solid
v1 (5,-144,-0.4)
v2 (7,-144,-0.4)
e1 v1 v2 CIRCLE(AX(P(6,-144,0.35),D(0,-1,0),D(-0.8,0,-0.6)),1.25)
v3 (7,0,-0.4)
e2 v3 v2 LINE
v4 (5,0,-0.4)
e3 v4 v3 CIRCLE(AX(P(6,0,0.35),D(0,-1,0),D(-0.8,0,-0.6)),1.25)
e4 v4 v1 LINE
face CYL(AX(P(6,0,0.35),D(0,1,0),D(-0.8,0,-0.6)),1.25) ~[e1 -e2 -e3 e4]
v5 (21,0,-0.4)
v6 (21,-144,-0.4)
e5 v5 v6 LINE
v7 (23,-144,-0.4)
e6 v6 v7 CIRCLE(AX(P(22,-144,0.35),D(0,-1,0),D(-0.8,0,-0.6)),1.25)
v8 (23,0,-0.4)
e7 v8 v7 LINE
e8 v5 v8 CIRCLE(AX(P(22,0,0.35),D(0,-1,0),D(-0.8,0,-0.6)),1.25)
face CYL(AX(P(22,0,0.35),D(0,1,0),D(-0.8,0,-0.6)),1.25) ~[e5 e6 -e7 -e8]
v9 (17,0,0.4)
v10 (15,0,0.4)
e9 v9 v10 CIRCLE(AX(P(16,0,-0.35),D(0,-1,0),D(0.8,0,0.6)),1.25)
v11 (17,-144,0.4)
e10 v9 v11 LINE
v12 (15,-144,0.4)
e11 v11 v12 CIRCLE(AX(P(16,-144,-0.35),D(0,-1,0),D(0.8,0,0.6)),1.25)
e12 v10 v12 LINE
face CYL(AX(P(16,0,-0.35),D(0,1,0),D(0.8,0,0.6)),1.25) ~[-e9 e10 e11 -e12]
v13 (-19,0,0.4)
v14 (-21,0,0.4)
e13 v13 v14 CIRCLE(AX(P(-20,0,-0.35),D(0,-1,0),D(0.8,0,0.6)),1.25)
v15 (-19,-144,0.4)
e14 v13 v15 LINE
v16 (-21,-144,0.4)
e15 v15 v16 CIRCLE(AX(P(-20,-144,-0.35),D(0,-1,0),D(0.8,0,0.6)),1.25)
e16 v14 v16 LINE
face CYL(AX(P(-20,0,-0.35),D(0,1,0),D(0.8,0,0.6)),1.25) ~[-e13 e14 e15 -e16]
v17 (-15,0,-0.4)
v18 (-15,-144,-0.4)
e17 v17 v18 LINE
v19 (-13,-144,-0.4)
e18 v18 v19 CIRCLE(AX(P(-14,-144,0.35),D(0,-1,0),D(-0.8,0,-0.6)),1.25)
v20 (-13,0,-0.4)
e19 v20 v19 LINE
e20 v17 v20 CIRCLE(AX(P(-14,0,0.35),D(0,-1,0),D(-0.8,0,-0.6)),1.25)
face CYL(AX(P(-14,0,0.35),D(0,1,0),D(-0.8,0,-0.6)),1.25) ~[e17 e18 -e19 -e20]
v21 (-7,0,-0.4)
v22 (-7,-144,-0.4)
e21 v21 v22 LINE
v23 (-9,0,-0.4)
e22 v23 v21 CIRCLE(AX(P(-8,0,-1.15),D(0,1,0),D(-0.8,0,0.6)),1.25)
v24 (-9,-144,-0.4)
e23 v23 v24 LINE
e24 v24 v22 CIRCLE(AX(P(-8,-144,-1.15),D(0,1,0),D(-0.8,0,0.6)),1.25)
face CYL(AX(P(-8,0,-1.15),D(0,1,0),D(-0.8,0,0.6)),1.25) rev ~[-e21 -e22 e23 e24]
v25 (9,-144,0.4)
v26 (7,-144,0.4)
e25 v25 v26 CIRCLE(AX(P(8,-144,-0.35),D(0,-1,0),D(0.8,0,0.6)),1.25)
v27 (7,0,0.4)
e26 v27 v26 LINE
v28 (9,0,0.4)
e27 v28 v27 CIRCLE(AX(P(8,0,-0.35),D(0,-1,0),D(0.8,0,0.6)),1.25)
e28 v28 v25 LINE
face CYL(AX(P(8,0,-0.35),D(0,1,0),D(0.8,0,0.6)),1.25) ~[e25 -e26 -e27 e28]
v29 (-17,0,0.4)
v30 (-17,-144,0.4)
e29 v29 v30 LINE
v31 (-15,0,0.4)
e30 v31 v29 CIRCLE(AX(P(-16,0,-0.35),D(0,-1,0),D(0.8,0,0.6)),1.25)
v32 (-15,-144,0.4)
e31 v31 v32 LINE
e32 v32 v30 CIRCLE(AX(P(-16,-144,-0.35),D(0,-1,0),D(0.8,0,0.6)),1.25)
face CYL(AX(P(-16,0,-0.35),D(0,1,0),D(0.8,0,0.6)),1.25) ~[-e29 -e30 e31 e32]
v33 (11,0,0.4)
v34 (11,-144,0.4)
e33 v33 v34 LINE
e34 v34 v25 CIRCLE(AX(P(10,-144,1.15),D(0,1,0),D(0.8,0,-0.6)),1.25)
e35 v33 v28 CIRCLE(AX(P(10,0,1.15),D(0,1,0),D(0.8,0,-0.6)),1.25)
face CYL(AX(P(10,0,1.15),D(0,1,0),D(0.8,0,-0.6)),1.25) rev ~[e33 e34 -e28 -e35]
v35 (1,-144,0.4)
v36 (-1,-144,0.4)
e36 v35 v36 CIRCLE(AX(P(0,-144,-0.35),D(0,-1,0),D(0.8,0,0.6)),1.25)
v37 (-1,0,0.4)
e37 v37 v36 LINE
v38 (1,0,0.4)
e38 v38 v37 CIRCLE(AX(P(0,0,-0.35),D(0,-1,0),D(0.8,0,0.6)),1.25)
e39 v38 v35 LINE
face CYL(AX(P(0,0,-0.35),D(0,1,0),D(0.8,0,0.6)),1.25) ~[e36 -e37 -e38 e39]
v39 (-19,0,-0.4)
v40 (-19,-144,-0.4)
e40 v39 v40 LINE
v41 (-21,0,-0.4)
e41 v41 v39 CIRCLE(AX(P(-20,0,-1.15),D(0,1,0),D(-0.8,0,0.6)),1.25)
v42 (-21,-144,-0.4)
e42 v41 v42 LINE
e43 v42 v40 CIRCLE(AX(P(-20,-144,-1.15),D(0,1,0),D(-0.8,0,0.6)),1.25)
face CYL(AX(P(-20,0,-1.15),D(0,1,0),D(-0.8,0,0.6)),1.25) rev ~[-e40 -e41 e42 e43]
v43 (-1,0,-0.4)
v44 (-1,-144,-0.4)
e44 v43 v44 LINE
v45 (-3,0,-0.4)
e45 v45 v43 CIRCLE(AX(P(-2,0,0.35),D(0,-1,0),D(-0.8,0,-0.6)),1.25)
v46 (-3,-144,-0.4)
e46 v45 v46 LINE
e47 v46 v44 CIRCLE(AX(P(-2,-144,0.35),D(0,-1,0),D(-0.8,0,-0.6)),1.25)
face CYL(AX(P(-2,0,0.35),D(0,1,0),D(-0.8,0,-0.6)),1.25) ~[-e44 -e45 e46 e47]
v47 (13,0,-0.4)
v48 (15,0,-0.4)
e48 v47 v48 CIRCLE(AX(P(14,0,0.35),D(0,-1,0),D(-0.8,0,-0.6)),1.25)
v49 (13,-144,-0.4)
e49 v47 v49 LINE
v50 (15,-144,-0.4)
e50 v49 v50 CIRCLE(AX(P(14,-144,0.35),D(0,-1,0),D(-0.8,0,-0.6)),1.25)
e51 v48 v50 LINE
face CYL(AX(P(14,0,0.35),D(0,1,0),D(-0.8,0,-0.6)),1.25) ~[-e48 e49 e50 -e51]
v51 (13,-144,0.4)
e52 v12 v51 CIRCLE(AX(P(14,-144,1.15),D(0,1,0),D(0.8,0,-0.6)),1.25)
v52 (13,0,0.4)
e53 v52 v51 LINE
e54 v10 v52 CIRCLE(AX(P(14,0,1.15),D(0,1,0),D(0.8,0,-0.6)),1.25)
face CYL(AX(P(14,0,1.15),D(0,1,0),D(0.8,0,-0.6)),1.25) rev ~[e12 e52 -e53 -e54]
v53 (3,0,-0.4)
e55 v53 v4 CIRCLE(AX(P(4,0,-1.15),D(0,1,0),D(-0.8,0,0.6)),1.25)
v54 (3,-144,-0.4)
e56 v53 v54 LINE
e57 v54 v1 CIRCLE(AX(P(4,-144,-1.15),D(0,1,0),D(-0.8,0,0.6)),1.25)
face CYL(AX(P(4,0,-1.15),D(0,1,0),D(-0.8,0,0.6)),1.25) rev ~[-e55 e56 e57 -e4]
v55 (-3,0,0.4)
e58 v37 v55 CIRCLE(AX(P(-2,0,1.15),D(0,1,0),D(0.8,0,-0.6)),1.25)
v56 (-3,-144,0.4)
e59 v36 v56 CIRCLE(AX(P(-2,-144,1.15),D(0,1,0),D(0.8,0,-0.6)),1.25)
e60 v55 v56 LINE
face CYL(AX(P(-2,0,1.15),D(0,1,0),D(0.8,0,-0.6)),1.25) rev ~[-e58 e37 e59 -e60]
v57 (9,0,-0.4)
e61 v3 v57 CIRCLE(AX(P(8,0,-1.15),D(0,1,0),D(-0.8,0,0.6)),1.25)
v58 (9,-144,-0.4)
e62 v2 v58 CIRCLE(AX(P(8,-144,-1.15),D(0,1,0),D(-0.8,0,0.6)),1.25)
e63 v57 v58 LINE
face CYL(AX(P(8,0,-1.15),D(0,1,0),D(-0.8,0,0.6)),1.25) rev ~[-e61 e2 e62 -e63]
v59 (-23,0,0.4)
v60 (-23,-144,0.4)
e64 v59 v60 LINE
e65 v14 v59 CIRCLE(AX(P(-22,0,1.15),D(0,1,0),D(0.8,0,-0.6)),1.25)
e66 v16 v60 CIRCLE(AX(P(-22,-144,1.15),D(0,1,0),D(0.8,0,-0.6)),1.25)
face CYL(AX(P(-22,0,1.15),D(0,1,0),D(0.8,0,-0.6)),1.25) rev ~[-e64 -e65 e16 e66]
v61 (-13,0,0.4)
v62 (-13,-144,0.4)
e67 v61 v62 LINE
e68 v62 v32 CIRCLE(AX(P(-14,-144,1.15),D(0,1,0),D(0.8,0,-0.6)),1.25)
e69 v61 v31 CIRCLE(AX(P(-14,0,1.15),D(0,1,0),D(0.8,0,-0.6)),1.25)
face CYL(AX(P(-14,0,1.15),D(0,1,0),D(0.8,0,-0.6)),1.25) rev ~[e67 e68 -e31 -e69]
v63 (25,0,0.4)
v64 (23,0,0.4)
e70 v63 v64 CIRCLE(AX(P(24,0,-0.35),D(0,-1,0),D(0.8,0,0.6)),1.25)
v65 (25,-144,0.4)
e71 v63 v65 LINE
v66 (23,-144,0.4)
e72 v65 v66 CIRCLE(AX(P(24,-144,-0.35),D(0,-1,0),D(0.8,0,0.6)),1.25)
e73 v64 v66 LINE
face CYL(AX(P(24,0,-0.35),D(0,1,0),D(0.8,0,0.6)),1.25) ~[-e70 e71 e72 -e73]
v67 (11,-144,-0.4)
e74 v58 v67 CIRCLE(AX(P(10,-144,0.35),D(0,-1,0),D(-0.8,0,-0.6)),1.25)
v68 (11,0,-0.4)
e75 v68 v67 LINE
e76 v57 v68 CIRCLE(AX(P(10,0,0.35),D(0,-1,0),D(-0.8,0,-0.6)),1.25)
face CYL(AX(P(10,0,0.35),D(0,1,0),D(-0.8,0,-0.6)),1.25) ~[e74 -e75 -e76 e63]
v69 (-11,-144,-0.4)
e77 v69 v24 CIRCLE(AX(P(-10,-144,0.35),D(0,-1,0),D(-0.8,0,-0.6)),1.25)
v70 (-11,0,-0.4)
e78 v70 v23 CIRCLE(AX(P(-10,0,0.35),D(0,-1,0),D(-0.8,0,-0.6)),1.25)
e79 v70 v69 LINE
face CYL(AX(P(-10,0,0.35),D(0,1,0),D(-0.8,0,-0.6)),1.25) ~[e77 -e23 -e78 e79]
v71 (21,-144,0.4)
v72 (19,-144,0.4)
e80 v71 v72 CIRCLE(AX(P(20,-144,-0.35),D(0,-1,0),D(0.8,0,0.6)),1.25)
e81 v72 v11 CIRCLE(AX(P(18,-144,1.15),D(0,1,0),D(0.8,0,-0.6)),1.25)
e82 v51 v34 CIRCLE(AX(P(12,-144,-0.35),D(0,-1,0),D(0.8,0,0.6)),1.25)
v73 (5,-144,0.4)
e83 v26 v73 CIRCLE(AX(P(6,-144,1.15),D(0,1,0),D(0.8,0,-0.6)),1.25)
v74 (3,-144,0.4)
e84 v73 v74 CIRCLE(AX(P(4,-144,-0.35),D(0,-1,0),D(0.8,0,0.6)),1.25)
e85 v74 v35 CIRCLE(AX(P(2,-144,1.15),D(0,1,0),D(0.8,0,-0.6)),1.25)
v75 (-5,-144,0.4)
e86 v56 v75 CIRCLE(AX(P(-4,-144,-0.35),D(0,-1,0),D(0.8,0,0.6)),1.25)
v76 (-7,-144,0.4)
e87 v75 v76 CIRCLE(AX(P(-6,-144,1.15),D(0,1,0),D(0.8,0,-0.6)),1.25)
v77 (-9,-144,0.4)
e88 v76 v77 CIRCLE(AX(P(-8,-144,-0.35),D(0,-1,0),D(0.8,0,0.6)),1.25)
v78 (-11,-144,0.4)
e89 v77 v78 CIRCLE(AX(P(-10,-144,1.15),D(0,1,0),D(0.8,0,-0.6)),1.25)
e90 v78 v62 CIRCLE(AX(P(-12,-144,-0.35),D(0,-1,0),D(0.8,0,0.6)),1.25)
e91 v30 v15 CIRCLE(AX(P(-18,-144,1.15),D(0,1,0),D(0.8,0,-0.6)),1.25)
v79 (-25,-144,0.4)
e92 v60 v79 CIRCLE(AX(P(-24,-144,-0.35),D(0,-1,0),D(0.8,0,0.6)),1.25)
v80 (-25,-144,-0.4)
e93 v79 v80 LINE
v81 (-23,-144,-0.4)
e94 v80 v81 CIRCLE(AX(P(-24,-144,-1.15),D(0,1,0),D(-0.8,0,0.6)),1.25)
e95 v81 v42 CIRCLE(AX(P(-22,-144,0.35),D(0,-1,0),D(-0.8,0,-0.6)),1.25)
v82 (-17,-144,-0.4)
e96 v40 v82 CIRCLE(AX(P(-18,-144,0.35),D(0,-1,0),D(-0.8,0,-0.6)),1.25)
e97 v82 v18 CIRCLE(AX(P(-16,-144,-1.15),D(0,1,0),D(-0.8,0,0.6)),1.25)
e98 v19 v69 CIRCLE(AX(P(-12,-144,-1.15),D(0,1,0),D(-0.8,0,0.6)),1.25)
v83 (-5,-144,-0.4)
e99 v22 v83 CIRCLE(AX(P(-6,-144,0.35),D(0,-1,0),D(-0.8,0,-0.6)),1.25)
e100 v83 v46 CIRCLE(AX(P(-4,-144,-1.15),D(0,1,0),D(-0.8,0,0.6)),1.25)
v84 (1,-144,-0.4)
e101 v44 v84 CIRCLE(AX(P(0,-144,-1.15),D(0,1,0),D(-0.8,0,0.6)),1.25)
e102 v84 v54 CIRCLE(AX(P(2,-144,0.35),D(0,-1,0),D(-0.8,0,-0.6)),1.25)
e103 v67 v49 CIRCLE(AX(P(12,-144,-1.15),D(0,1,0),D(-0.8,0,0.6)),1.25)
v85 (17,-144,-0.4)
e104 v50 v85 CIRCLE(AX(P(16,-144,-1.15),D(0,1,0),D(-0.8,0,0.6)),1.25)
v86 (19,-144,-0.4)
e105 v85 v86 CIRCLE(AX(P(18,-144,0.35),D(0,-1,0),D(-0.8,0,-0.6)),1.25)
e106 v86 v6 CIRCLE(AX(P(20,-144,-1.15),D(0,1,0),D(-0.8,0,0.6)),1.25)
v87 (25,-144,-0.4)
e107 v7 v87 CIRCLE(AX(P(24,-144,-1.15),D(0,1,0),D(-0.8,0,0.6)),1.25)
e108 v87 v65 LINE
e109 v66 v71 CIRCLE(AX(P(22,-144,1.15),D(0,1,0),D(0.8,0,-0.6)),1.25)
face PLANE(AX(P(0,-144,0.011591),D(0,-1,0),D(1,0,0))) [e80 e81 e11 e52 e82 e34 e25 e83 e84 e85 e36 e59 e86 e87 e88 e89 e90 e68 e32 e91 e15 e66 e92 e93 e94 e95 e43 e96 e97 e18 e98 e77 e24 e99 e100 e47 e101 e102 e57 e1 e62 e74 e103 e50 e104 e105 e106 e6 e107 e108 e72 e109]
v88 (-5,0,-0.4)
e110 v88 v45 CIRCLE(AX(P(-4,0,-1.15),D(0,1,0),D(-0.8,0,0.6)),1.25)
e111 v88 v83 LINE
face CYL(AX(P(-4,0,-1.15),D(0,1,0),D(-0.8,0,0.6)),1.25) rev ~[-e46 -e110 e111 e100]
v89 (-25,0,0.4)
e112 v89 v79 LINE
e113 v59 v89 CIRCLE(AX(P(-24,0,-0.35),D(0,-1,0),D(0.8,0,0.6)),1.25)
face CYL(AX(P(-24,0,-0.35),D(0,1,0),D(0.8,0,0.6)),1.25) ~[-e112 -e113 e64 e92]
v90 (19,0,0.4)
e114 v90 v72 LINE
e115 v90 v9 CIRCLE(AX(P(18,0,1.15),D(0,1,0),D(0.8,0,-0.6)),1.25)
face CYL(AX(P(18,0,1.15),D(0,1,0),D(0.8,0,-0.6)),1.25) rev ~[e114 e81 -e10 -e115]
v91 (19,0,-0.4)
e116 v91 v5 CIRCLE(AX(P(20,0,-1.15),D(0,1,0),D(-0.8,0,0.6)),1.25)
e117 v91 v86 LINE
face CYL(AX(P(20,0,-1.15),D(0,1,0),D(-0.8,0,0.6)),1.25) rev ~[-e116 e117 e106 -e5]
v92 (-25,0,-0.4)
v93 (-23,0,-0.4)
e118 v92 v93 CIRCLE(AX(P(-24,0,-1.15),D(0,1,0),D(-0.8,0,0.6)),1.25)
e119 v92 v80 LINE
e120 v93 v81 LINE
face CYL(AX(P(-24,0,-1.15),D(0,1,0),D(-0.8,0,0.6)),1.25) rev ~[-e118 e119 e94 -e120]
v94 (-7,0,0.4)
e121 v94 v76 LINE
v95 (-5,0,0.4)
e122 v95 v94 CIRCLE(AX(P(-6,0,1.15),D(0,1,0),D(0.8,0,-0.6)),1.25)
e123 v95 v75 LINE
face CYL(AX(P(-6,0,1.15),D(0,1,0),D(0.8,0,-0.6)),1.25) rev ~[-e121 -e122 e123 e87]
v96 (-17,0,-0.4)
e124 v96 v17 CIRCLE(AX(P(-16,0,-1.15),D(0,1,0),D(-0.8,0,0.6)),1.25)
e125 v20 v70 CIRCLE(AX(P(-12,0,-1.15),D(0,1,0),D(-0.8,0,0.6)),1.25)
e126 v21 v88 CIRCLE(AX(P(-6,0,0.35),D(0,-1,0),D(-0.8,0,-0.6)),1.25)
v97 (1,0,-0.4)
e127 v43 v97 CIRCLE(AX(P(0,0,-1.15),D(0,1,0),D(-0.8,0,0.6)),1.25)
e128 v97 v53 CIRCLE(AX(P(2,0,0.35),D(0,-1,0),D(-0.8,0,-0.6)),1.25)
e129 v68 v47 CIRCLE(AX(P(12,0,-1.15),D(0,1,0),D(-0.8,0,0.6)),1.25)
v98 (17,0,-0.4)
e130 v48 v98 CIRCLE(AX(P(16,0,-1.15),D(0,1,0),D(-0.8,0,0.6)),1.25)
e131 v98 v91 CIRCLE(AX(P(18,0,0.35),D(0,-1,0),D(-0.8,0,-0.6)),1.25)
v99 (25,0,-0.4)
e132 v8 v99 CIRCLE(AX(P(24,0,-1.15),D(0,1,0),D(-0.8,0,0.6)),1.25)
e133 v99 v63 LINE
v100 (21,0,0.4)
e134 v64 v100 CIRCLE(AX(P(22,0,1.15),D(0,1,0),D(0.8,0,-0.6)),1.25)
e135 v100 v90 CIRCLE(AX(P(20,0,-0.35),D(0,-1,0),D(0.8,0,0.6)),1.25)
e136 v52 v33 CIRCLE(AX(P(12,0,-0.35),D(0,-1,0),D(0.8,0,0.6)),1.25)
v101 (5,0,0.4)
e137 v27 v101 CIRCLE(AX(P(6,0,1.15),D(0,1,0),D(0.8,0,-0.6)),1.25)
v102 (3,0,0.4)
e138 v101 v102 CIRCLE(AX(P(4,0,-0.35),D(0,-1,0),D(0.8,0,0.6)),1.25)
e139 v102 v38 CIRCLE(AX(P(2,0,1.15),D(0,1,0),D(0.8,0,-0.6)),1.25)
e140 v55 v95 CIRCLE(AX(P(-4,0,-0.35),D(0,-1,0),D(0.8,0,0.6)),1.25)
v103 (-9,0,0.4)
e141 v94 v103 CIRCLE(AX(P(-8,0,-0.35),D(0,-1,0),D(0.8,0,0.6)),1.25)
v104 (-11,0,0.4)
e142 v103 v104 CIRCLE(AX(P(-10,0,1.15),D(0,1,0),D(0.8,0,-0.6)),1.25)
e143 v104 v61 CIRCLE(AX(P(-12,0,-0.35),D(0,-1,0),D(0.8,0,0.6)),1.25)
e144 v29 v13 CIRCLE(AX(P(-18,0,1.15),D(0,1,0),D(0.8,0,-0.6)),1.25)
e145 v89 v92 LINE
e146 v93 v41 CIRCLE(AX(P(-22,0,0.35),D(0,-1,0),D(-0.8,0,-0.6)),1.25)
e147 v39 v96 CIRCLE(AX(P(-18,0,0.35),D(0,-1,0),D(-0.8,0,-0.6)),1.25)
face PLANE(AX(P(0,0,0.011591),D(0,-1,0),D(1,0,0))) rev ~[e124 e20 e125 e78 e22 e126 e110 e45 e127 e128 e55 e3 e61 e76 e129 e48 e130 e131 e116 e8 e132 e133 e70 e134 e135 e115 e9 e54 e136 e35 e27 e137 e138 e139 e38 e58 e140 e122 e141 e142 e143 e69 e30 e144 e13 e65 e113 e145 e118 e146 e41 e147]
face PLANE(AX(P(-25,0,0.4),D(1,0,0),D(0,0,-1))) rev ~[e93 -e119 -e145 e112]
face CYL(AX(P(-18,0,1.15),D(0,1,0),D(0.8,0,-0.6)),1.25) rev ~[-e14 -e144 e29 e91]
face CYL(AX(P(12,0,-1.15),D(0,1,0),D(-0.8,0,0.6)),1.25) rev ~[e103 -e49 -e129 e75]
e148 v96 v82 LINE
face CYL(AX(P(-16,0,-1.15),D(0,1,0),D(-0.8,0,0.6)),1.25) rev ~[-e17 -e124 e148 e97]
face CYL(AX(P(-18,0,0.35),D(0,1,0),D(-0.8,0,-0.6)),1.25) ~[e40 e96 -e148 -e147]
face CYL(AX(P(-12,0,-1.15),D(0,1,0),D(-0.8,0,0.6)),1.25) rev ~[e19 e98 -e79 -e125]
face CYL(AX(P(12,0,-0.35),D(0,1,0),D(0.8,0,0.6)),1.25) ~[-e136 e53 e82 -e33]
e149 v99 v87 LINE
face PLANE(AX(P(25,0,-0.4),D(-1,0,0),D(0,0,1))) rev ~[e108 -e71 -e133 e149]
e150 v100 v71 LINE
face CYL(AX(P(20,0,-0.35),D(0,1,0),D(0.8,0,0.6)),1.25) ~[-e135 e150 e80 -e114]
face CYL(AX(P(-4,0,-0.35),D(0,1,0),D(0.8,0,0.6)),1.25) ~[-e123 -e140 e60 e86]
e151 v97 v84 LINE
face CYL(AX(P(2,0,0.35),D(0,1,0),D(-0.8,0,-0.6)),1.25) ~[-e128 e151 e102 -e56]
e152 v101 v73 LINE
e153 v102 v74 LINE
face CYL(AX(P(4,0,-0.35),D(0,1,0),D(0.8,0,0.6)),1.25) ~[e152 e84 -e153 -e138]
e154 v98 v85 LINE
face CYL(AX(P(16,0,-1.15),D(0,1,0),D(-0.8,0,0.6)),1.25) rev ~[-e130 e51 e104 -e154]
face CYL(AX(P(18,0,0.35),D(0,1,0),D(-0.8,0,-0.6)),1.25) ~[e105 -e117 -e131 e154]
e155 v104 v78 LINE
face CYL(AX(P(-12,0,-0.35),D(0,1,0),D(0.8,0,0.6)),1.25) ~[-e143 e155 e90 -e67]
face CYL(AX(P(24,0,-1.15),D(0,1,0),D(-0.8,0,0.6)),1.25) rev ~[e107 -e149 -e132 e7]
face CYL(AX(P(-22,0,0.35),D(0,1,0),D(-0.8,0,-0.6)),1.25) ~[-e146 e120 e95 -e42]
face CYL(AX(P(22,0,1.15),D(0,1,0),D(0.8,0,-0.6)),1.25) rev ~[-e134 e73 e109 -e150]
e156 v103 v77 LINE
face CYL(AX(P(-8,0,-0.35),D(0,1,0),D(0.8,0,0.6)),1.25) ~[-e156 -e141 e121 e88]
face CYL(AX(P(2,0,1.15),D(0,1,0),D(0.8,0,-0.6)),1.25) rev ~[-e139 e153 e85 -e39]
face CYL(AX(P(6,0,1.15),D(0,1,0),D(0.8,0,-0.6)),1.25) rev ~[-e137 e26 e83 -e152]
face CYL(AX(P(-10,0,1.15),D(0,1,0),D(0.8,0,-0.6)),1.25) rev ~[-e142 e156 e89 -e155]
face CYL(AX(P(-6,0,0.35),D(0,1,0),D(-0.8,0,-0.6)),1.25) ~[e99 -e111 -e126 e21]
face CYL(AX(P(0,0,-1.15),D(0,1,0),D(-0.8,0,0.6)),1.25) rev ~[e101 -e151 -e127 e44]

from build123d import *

# Parameters (mm, degrees)
F1_DEPTH = 144


with BuildPart() as f1:
    # F0 (on Front) → F1 (new body)
    with BuildSketch(Plane.XZ):
        with BuildLine():
            ThreePointArc((-21, -0.4), (-20, 0.1), (-19, -0.4))
            ThreePointArc((-19, -0.4), (-18, -0.9), (-17, -0.4))
            ThreePointArc((-17, -0.4), (-16, 0.1), (-15, -0.4))
            ThreePointArc((-15, -0.4), (-14, -0.9), (-13, -0.4))
            ThreePointArc((-13, -0.4), (-12, 0.1), (-11, -0.4))
            ThreePointArc((-11, -0.4), (-10, -0.9), (-9, -0.4))
            ThreePointArc((-9, -0.4), (-8, 0.1), (-7, -0.4))
            ThreePointArc((-7, -0.4), (-6, -0.9), (-5, -0.4))
            ThreePointArc((-5, -0.4), (-4, 0.1), (-3, -0.4))
            ThreePointArc((-3, -0.4), (-2, -0.9), (-1, -0.4))
            ThreePointArc((-1, -0.4), (0, 0.1), (1, -0.4))
            ThreePointArc((1, -0.4), (2, -0.9), (3, -0.4))
            ThreePointArc((3, -0.4), (4, 0.1), (5, -0.4))
            ThreePointArc((5, -0.4), (6, -0.9), (7, -0.4))
            ThreePointArc((7, -0.4), (8, 0.1), (9, -0.4))
            ThreePointArc((9, -0.4), (10, -0.9), (11, -0.4))
            ThreePointArc((11, -0.4), (12, 0.1), (13, -0.4))
            ThreePointArc((13, -0.4), (14, -0.9), (15, -0.4))
            ThreePointArc((15, -0.4), (16, 0.1), (17, -0.4))
            ThreePointArc((17, -0.4), (18, -0.9), (19, -0.4))
            ThreePointArc((19, -0.4), (20, 0.1), (21, -0.4))
            ThreePointArc((21, -0.4), (22, -0.9), (23, -0.4))
            ThreePointArc((23, -0.4), (24, 0.1), (25, -0.4))
            Line((25, -0.4), (25, 0.4))
            ThreePointArc((25, 0.4), (24, 0.9), (23, 0.4))
            ThreePointArc((23, 0.4), (22, -0.1), (21, 0.4))
            ThreePointArc((21, 0.4), (20, 0.9), (19, 0.4))
            ThreePointArc((19, 0.4), (18, -0.1), (17, 0.4))
            ThreePointArc((17, 0.4), (16, 0.9), (15, 0.4))
            ThreePointArc((15, 0.4), (14, -0.1), (13, 0.4))
            ThreePointArc((13, 0.4), (12, 0.9), (11, 0.4))
            ThreePointArc((11, 0.4), (10, -0.1), (9, 0.4))
            ThreePointArc((9, 0.4), (8, 0.9), (7, 0.4))
            ThreePointArc((7, 0.4), (6, -0.1), (5, 0.4))
            ThreePointArc((5, 0.4), (4, 0.9), (3, 0.4))
            ThreePointArc((3, 0.4), (2, -0.1), (1, 0.4))
            ThreePointArc((1, 0.4), (0, 0.9), (-1, 0.4))
            ThreePointArc((-1, 0.4), (-2, -0.1), (-3, 0.4))
            ThreePointArc((-3, 0.4), (-4, 0.9), (-5, 0.4))
            ThreePointArc((-5, 0.4), (-6, -0.1), (-7, 0.4))
            ThreePointArc((-7, 0.4), (-8, 0.9), (-9, 0.4))
            ThreePointArc((-9, 0.4), (-10, -0.1), (-11, 0.4))
            ThreePointArc((-11, 0.4), (-12, 0.9), (-13, 0.4))
            ThreePointArc((-13, 0.4), (-14, -0.1), (-15, 0.4))
            ThreePointArc((-15, 0.4), (-16, 0.9), (-17, 0.4))
            ThreePointArc((-17, 0.4), (-18, -0.1), (-19, 0.4))
            ThreePointArc((-19, 0.4), (-20, 0.9), (-21, 0.4))
            ThreePointArc((-21, 0.4), (-22, -0.1), (-23, 0.4))
            ThreePointArc((-23, 0.4), (-24, 0.9), (-25, 0.4))
            Line((-25, 0.4), (-25, -0.4))
            ThreePointArc((-25, -0.4), (-24, 0.1), (-23, -0.4))
            ThreePointArc((-23, -0.4), (-22, -0.9), (-21, -0.4))
        make_face()
    extrude(amount=F1_DEPTH)


solid = f1.part
